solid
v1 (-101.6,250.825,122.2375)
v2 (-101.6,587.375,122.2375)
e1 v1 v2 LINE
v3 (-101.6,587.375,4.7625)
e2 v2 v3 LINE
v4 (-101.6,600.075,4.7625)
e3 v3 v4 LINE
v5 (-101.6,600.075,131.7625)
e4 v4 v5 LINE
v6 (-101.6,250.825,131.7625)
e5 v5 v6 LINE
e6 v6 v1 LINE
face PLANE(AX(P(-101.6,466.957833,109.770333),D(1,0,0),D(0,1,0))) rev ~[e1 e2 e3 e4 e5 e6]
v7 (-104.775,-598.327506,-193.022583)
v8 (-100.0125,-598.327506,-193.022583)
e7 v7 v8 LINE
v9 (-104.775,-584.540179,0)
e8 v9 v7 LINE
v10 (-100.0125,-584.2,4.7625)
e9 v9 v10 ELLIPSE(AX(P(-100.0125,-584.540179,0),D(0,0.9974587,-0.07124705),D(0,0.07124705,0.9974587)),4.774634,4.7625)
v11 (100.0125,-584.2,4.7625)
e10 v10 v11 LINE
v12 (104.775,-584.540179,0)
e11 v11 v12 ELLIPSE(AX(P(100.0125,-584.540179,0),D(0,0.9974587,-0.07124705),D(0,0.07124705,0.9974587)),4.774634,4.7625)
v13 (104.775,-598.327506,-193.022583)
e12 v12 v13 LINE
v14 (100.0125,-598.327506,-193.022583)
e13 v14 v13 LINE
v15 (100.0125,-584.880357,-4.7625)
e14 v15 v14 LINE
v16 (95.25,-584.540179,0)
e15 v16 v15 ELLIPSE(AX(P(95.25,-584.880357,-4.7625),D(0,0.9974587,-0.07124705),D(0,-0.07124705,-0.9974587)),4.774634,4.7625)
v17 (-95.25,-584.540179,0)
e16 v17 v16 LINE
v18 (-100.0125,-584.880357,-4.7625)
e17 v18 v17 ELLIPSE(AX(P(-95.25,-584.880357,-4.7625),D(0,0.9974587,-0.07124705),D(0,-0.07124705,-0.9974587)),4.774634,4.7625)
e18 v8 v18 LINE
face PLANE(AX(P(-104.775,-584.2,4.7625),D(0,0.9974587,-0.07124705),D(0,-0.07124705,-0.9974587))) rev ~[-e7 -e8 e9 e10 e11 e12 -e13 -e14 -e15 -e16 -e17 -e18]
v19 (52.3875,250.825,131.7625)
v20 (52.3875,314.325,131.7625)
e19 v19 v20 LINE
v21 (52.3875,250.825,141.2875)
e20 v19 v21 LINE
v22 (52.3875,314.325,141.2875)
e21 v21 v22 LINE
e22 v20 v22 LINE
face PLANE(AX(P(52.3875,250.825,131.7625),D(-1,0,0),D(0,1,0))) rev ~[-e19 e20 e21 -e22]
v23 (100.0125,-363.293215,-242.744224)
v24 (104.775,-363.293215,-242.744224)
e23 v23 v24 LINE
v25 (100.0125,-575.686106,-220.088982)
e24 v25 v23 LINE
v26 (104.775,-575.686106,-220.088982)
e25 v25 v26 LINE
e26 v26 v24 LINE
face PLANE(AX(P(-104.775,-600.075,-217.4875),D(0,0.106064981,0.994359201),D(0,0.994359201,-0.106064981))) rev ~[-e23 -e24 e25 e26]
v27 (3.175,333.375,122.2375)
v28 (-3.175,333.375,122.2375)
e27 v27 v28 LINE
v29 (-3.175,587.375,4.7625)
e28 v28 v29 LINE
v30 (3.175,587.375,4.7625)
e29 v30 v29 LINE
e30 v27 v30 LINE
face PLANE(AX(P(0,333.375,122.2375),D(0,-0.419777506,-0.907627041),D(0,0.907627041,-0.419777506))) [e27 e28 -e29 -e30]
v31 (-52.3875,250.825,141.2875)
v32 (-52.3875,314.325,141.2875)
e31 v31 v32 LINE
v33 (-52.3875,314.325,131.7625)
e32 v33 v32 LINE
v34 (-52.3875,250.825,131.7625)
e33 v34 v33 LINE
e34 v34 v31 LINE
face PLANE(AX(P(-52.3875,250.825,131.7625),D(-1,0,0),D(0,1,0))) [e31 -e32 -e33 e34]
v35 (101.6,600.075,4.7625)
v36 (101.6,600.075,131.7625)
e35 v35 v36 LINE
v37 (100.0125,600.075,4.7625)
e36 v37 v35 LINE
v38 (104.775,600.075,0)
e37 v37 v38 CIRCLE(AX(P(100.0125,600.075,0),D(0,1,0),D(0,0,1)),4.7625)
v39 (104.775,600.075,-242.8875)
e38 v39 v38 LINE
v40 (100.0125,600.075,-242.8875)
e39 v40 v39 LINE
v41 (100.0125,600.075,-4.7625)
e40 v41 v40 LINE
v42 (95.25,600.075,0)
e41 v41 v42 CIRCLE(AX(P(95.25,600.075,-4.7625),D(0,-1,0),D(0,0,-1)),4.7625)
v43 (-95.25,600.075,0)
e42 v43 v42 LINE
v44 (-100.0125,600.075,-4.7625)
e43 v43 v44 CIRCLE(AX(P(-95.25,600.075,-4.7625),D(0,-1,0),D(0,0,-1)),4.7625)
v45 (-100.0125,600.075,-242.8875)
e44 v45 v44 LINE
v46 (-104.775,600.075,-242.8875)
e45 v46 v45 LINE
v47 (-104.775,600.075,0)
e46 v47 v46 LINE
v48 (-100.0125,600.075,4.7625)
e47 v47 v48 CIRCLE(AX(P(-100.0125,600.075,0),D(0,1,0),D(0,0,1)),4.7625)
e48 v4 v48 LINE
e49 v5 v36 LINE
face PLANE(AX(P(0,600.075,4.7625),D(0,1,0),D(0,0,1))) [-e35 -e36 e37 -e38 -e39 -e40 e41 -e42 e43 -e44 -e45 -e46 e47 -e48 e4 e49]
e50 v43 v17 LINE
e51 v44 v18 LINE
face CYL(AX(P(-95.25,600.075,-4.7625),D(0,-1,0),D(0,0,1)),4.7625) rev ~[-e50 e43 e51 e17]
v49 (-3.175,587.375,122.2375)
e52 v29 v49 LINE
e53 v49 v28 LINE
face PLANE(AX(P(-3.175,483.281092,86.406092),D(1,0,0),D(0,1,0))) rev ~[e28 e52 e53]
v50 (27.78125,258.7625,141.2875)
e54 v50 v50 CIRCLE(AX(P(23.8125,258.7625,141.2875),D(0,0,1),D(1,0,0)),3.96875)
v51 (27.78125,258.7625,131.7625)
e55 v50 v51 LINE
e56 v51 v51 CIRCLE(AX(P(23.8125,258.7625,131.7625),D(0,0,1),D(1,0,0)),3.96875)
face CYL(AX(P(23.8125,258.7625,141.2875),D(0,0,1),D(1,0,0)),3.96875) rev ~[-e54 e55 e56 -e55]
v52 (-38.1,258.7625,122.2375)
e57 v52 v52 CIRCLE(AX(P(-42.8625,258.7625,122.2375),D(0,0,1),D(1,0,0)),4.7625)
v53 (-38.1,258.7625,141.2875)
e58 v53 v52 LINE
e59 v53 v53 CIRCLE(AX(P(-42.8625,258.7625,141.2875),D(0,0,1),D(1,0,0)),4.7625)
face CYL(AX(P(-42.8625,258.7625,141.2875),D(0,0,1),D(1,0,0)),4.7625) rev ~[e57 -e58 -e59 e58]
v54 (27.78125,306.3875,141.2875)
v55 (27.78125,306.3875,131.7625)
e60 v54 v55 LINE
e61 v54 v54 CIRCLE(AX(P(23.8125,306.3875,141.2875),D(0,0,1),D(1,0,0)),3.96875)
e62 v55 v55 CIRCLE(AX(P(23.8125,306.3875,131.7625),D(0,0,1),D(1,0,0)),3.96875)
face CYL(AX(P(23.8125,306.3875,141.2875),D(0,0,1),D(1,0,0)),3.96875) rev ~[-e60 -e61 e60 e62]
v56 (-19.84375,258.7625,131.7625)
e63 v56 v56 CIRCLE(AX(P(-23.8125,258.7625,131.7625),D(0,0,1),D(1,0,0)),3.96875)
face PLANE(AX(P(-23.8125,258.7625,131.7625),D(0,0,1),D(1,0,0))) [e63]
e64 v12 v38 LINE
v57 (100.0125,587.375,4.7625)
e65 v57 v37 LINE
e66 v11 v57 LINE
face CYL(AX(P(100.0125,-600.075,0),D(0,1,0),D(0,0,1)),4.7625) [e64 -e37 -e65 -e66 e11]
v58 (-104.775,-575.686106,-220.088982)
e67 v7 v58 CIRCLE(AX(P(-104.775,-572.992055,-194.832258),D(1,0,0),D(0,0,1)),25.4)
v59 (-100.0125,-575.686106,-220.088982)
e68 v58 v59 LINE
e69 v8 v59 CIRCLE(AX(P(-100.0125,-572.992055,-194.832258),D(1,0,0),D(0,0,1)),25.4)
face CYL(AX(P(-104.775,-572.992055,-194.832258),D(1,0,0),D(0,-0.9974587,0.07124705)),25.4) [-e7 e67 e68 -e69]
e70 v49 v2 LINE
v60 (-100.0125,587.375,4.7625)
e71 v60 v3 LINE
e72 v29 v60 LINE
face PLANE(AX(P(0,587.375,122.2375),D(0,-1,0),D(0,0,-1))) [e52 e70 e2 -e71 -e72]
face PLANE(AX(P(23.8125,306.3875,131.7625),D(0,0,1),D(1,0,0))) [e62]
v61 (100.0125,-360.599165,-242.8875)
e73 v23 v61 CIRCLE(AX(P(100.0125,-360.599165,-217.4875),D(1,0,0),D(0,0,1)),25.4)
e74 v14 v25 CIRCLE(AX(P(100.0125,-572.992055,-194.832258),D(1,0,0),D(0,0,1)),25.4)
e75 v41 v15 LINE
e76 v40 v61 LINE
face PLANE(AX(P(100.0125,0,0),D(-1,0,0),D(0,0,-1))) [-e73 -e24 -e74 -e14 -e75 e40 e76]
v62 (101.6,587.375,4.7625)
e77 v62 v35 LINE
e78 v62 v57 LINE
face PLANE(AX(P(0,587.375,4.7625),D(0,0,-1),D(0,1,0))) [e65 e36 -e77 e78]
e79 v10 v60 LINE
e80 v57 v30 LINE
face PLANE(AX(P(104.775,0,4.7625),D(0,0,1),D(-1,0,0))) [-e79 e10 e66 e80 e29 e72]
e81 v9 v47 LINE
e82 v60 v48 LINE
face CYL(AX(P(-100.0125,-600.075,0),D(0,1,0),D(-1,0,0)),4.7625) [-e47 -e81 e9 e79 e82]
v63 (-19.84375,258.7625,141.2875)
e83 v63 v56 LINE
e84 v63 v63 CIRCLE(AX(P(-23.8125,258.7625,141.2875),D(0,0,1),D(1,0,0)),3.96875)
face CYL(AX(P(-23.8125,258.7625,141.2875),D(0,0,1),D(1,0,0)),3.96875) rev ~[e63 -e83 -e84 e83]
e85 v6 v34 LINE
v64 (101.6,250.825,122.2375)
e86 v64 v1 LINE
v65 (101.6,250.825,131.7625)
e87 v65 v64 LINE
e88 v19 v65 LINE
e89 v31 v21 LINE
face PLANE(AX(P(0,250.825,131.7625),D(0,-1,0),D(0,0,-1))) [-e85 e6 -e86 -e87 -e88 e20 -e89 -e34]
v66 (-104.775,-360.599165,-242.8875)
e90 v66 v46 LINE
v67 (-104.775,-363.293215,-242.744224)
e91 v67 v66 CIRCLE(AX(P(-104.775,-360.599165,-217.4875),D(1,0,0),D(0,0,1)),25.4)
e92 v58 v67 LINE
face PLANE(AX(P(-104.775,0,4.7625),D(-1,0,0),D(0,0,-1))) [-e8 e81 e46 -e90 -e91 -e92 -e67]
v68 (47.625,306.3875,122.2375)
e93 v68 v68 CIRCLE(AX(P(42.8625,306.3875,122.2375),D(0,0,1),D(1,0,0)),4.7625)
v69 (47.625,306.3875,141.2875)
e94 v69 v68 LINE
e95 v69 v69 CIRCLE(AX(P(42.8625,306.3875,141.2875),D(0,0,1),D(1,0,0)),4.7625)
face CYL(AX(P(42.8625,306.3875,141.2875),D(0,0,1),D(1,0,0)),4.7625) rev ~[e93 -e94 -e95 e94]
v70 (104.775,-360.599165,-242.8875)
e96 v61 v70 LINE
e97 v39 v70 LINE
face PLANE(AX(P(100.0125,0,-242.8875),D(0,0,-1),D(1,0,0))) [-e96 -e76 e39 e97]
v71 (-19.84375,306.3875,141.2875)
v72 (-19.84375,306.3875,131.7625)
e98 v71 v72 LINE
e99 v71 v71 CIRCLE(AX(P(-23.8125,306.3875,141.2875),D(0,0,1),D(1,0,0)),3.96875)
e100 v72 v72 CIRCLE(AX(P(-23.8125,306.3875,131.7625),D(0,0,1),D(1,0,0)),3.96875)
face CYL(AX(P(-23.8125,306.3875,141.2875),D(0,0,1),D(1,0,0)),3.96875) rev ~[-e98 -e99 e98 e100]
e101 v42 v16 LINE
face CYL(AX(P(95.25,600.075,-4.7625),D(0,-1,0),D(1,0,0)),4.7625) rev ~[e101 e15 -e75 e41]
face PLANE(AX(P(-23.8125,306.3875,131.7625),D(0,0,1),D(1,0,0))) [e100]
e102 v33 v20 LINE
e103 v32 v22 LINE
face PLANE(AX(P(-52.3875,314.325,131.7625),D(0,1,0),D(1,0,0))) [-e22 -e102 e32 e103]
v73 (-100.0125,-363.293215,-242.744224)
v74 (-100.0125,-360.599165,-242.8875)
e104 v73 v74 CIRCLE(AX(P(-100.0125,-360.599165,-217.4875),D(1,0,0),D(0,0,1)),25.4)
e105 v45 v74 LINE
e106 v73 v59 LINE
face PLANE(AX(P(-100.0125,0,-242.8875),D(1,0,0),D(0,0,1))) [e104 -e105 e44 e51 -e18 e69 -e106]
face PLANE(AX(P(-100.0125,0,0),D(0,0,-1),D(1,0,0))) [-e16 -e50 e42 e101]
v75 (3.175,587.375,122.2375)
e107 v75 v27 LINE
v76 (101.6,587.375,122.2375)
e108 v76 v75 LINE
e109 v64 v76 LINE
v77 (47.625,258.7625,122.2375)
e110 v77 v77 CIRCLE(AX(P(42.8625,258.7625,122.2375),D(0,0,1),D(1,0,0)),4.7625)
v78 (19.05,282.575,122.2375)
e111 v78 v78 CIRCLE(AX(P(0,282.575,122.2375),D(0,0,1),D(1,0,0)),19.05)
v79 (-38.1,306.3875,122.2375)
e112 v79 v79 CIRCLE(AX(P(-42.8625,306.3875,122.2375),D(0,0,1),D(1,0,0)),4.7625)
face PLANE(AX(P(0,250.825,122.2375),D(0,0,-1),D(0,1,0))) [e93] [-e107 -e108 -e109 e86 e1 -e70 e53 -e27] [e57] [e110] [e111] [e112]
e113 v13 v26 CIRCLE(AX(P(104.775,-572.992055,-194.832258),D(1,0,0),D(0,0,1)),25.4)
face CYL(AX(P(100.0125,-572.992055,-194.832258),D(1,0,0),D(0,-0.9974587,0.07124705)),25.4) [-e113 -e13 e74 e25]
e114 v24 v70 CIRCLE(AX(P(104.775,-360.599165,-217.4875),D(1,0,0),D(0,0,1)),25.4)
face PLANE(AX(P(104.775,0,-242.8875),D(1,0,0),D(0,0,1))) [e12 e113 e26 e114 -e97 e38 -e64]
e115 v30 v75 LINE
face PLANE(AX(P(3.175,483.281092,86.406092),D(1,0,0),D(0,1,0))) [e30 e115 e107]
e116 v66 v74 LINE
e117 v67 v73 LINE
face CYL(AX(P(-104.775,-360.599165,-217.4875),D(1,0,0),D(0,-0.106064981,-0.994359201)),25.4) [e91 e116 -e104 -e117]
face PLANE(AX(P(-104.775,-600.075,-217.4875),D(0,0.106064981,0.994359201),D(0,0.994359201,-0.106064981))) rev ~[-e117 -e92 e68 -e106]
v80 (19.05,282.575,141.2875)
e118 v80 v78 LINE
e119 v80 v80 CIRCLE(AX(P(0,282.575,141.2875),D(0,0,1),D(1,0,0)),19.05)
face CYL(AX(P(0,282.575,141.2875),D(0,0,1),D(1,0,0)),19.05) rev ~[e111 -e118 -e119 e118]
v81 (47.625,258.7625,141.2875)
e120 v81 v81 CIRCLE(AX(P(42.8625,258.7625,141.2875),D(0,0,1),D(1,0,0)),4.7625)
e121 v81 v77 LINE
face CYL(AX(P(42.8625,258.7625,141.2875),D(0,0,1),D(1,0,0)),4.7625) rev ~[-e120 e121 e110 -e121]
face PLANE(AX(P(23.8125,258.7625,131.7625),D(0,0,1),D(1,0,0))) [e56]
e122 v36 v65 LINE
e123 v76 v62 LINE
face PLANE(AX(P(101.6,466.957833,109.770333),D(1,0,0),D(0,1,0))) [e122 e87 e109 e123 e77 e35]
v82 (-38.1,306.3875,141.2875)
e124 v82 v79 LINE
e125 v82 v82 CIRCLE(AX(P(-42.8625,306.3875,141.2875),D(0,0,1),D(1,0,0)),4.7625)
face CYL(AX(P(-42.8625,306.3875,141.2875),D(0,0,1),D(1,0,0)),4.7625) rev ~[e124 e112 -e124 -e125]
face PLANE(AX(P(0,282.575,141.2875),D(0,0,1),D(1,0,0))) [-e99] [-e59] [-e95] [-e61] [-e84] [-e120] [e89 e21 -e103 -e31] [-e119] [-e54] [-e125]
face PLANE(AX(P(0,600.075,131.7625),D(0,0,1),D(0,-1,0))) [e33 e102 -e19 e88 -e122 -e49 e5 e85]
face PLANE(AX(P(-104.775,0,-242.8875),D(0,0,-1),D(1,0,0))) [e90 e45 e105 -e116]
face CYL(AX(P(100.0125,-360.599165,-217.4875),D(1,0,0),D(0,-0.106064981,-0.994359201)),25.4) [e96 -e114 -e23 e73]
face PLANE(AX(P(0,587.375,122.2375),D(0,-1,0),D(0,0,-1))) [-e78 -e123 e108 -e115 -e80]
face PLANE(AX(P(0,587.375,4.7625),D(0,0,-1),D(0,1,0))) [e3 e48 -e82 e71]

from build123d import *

# Parameters (mm, degrees)
F1_DEPTH  = 600.075
F2_R      = 4.7625
F4_DEPTH  = 209.55
F6_DEPTH  = 209.55
F7_R      = 25.4
F9_DEPTH  = 101.6
F11_DEPTH = 3.175
F12_W     = 104.775
F12_H     = 63.5
F13_DEPTH = 9.525
F14_R     = 19.05
F14_R_2   = 4.7625
F15_DEPTH = 19.05
F16_R     = 3.96875
F17_DEPTH = 9.525


with BuildPart() as f1:
    # F0 (on Front) → F1 (new body, symmetric)
    with BuildSketch(Plane.XZ):
        Polygon((-104.775, -242.8875), (-100.0125, -242.8875), (-100.0125, 0), (100.0125, 0), (100.0125, -242.8875), (104.775, -242.8875), (104.775, 4.7625), (-104.775, 4.7625), align=None)
    extrude(amount=F1_DEPTH, both=True)

    # F2
    f2_edges = [f1.edges().sort_by_distance(p)[0] for p in [
        (-104.775, 0, 4.7625),
        (-100.0125, 0, 0),
        (104.775, 0, 4.7625),
        (100.0125, 0, 0),
    ]]
    fillet(f2_edges, radius=F2_R)

    # F3 (on face) → F4 (cut, through all)
    with BuildSketch(Plane(origin=(-104.775, 0, 0), x_dir=(0, -1, 0), z_dir=(-1, 0, 0))):
        Polygon((600.075, -242.8875), (600.075, -217.4875), (361.95, -242.8875), align=None)
    extrude(amount=-F4_DEPTH, mode=Mode.SUBTRACT)

    # F5 (on face) → F6 (cut, through all)
    with BuildSketch(Plane(origin=(-104.775, 0, 0), x_dir=(0, -1, 0), z_dir=(-1, 0, 0))):
        Polygon((584.2, 4.7625), (600.075, -217.4875), (600.075, 4.7625), align=None)
    extrude(amount=-F6_DEPTH, mode=Mode.SUBTRACT)

    # F7
    f7_edges = [f1.edges().sort_by_distance(p)[0] for p in [
        (-102.39375, -600.075, -217.4875),
        (102.39375, -600.075, -217.4875),
        (-102.39375, -361.95, -242.8875),
        (102.39375, -361.95, -242.8875),
    ]]
    fillet(f7_edges, radius=F7_R)

    # F8 (on Right) → F9 (join, symmetric)
    with BuildSketch(Plane.YZ):
        Polygon((587.375, 4.7625), (600.075, 4.7625), (600.075, 131.7625), (250.825, 131.7625), (250.825, 122.2375), (587.375, 122.2375), align=None)
    extrude(amount=F9_DEPTH, both=True)

    # F10 (on Right) → F11 (join, symmetric)
    with BuildSketch(Plane.YZ):
        Polygon((587.375, 4.7625), (587.375, 122.2375), (333.375, 122.2375), align=None)
    extrude(amount=F11_DEPTH, both=True)

    # F12 (on face) → F13 (join)
    with BuildSketch(Plane.XY.offset(131.7625)):
        with Locations((0, 282.575)):
            Rectangle(F12_W, F12_H)
    extrude(amount=F13_DEPTH)

    # F14 (on face) → F15 (cut, through all)
    with BuildSketch(Plane.XY.offset(141.2875)):
        with Locations((0, 282.575)):
            Circle(F14_R)
        with Locations((-42.8625, 306.3875)):
            Circle(F14_R_2)
        with Locations((-42.8625, 258.7625)):
            Circle(F14_R_2)
        with Locations((42.8625, 258.7625)):
            Circle(F14_R_2)
        with Locations((42.8625, 306.3875)):
            Circle(F14_R_2)
    extrude(amount=-F15_DEPTH, mode=Mode.SUBTRACT)

    # F16 (on face) → F17 (cut, through all)
    with BuildSketch(Plane.XY.offset(141.2875)):
        with Locations((-23.8125, 306.3875)):
            Circle(F16_R)
        with Locations((23.8125, 306.3875)):
            Circle(F16_R)
        with Locations((23.8125, 258.7625)):
            Circle(F16_R)
        with Locations((-23.8125, 258.7625)):
            Circle(F16_R)
    extrude(amount=-F17_DEPTH, mode=Mode.SUBTRACT)


solid = f1.part
